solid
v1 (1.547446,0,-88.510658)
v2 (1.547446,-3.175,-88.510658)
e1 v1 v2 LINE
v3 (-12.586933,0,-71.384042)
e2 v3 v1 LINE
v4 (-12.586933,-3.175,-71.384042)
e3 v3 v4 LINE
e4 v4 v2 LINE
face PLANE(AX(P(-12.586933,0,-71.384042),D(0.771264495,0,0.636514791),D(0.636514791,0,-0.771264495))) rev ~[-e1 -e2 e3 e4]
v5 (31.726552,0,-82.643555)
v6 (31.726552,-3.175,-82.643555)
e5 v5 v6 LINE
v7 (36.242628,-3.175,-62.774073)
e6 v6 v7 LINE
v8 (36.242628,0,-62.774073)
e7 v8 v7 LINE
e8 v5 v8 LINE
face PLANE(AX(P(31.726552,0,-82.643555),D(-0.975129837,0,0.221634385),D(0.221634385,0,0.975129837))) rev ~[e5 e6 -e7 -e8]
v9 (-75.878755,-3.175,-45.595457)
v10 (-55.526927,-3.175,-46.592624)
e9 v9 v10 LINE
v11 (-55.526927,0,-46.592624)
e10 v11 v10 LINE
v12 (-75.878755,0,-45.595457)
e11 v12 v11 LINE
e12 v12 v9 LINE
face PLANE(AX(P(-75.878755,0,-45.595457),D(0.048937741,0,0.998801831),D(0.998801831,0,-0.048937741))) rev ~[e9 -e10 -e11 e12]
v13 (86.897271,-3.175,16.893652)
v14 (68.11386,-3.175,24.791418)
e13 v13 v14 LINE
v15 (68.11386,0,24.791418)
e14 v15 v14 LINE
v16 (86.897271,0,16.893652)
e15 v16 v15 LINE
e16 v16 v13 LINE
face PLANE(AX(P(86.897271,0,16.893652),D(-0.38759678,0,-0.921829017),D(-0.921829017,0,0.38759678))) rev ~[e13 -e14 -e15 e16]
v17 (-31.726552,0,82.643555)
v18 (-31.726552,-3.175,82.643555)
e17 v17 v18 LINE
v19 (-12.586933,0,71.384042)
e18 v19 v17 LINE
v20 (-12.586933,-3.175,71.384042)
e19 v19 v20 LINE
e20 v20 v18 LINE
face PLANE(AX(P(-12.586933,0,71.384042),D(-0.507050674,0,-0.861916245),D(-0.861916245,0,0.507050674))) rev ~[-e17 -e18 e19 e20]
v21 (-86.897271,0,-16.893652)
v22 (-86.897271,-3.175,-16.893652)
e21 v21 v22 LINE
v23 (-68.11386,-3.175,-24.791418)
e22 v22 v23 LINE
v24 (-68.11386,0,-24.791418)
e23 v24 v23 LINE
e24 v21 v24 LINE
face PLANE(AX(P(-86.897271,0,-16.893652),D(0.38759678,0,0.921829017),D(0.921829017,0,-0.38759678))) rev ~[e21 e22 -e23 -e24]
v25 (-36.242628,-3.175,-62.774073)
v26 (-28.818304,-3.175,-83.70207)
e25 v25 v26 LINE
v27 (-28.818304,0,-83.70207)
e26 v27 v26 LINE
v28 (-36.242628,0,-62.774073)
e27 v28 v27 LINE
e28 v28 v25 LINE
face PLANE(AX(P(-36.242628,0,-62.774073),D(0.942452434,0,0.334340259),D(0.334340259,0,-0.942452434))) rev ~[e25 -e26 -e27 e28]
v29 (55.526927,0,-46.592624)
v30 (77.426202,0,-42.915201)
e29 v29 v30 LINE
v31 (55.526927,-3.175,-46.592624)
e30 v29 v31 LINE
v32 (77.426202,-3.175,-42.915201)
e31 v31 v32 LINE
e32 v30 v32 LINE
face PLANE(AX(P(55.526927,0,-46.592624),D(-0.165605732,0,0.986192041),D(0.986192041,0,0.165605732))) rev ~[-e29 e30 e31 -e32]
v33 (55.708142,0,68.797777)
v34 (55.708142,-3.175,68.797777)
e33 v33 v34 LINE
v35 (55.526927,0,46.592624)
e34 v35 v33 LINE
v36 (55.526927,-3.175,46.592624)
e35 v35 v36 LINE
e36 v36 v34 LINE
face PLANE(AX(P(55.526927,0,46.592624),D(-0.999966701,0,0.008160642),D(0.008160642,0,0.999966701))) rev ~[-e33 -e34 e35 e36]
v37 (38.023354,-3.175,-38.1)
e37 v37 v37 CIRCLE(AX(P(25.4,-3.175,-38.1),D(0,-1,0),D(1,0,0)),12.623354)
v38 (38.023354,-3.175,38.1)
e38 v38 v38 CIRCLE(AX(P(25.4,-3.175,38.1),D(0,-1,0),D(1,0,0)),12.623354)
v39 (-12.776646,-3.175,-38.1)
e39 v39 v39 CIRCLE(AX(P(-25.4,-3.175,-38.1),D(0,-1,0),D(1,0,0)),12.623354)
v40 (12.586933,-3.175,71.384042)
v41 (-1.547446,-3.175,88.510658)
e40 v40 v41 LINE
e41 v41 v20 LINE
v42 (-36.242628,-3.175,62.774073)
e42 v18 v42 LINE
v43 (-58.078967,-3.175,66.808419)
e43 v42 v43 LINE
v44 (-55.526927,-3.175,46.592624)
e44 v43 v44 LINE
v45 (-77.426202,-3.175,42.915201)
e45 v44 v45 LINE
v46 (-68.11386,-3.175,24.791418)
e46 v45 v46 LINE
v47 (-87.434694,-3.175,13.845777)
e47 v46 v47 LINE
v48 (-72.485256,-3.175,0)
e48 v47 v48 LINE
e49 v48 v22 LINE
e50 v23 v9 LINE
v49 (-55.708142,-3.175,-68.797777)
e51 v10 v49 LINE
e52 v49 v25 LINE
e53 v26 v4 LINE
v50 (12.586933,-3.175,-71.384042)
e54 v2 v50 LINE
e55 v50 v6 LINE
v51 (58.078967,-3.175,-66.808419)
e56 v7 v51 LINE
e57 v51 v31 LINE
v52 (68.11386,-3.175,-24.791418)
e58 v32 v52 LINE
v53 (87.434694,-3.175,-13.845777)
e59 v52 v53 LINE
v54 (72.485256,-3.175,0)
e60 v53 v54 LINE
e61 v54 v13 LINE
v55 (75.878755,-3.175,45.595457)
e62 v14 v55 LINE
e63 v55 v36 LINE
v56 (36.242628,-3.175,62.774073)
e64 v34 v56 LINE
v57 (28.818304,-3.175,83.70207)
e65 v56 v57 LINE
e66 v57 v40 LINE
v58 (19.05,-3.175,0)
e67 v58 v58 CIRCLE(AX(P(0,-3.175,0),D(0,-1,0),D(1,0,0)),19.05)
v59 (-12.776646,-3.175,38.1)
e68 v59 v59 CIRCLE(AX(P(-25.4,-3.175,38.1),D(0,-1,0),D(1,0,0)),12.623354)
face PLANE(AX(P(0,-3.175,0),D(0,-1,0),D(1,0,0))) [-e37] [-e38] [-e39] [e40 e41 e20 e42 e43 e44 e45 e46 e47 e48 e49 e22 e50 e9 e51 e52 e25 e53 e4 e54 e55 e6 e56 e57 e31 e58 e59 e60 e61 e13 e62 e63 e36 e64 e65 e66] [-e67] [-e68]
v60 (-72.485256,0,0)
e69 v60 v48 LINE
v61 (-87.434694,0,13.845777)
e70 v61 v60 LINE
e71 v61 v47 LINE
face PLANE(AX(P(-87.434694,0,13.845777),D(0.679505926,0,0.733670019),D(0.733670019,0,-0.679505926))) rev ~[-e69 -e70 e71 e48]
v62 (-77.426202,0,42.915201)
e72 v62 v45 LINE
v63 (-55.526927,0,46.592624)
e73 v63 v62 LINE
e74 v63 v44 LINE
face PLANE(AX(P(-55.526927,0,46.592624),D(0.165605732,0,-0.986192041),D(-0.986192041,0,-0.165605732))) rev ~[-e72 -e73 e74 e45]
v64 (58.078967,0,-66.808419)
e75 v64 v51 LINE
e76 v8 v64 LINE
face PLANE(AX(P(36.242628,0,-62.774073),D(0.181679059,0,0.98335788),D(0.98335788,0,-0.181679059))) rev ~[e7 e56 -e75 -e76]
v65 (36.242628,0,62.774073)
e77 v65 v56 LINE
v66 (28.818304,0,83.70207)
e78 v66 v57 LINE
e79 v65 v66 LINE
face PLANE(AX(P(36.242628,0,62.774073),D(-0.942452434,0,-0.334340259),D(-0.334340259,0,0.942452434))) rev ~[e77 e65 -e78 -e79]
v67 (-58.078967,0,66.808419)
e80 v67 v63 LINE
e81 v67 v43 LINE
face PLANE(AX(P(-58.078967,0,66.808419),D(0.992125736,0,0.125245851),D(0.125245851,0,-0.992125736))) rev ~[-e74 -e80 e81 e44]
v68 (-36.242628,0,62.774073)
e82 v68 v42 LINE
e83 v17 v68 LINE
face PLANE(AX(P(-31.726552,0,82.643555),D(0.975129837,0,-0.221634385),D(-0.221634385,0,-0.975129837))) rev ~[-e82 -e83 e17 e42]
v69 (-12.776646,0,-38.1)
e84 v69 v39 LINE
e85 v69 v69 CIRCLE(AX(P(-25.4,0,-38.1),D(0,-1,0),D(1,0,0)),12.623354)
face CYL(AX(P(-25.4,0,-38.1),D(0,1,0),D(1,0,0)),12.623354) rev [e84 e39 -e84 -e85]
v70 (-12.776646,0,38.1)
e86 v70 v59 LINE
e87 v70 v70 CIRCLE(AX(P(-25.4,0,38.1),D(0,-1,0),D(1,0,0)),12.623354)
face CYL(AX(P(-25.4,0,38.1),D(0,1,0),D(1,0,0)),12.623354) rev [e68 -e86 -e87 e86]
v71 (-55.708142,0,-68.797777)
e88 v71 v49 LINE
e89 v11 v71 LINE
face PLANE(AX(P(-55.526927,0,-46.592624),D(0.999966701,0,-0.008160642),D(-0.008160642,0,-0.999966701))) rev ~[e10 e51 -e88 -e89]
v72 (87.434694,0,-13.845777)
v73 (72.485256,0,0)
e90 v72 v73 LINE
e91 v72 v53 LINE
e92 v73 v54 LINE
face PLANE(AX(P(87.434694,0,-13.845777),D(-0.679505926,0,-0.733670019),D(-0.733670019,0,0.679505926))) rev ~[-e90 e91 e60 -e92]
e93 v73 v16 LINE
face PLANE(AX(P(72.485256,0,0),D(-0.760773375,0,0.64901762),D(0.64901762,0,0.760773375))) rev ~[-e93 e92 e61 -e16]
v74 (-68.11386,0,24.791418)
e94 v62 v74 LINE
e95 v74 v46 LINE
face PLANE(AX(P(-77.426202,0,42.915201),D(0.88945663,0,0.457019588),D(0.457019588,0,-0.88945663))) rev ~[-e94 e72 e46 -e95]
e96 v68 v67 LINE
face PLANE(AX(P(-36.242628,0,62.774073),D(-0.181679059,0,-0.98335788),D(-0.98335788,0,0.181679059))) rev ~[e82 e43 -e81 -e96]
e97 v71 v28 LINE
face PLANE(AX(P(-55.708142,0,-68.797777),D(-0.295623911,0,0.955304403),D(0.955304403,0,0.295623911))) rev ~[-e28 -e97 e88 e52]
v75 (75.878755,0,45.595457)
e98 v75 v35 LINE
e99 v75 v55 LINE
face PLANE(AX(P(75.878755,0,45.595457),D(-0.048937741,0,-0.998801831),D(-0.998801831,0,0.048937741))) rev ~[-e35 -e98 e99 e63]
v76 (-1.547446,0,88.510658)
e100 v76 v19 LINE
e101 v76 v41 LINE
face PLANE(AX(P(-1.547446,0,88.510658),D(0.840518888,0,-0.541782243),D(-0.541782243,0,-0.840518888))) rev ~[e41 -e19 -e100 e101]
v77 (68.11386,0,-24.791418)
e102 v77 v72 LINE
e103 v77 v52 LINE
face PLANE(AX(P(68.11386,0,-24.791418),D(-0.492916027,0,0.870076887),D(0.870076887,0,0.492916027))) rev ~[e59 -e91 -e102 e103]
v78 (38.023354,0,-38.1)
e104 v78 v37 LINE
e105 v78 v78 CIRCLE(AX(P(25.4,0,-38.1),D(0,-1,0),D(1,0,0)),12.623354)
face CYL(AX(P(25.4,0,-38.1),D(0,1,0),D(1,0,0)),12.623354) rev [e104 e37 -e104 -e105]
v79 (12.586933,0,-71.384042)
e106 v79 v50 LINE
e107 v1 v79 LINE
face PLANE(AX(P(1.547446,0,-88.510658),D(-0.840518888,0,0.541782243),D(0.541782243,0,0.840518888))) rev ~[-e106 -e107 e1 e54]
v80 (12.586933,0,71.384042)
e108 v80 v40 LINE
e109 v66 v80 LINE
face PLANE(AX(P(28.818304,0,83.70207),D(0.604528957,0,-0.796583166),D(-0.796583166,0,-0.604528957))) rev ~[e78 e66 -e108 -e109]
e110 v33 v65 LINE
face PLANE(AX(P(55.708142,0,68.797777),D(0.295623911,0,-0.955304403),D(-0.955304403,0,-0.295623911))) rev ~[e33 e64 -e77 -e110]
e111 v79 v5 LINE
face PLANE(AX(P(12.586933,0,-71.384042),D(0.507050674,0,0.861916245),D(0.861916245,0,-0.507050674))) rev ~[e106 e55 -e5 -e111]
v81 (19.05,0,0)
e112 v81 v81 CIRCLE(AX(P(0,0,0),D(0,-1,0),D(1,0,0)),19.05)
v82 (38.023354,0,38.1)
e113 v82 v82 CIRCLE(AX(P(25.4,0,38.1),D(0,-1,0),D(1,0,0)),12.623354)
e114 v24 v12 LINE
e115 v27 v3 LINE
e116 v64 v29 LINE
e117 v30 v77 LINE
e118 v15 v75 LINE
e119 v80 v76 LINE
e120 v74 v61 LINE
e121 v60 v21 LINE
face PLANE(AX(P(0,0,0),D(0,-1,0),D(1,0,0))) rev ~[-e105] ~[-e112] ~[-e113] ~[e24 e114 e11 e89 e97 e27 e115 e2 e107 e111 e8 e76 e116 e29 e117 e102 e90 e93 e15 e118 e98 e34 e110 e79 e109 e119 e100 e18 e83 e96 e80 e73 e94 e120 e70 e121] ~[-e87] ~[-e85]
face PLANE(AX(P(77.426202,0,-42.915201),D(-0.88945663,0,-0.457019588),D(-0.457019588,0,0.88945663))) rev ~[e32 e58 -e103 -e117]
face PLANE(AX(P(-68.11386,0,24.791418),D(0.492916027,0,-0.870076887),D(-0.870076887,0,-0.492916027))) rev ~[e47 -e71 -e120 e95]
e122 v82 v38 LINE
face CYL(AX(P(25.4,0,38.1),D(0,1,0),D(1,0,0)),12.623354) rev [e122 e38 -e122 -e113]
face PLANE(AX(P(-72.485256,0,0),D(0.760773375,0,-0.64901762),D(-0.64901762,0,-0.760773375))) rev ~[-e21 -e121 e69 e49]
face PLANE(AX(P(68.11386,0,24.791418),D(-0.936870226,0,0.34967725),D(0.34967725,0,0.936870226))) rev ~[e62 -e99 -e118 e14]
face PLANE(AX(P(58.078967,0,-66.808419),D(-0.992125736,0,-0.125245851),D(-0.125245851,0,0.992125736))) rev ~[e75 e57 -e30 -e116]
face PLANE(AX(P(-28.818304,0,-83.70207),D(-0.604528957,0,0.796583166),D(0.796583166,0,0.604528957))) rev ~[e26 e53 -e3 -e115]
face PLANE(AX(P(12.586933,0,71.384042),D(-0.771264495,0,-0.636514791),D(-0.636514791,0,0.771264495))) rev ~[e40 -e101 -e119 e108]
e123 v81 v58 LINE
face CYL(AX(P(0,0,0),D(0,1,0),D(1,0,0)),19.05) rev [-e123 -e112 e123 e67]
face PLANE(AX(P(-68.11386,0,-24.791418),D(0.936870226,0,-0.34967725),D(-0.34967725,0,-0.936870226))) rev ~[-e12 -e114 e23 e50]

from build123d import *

# Parameters (mm, degrees)
F0_R     = 12.6233535656
F0_R_2   = 19.05
F1_DEPTH = 3.175


with BuildPart() as f1:
    # F0 (on Front) → F1 (new body)
    with BuildSketch(Plane.XZ):
        with BuildLine():
            ThreePointArc((68.11386007, -24.7914176064), (71.3840419736, -12.586932592), (72.485255884, 0))
            ThreePointArc((72.485255884, 0), (71.3840419736, 12.586932592), (68.11386007, 24.7914176064))
            ThreePointArc((68.11386007, 24.7914176064), (62.7740729954, 36.242627942), (55.526927478, 46.5926243672))
            ThreePointArc((55.526927478, 46.5926243672), (46.5926243672, 55.526927478), (36.242627942, 62.7740729954))
            ThreePointArc((36.242627942, 62.7740729954), (24.7914176064, 68.11386007), (12.586932592, 71.3840419736))
            ThreePointArc((12.586932592, 71.3840419736), (0, 72.485255884), (-12.586932592, 71.3840419736))
            ThreePointArc((-12.586932592, 71.3840419736), (-24.7914176064, 68.11386007), (-36.242627942, 62.7740729954))
            ThreePointArc((-36.242627942, 62.7740729954), (-46.5926243672, 55.526927478), (-55.526927478, 46.5926243672))
            ThreePointArc((-55.526927478, 46.5926243672), (-62.7740729954, 36.242627942), (-68.11386007, 24.7914176064))
            ThreePointArc((-68.11386007, 24.7914176064), (-71.3840419736, 12.586932592), (-72.485255884, 0))
            ThreePointArc((-72.485255884, 0), (-71.3840419736, -12.586932592), (-68.11386007, -24.7914176064))
            ThreePointArc((-68.11386007, -24.7914176064), (-62.7740729954, -36.242627942), (-55.526927478, -46.5926243672))
            ThreePointArc((-55.526927478, -46.5926243672), (-46.5926243672, -55.526927478), (-36.242627942, -62.7740729954))
            ThreePointArc((-36.242627942, -62.7740729954), (-24.7914176064, -68.11386007), (-12.586932592, -71.3840419736))
            ThreePointArc((-12.586932592, -71.3840419736), (0, -72.485255884), (12.586932592, -71.3840419736))
            ThreePointArc((12.586932592, -71.3840419736), (24.7914176064, -68.11386007), (36.242627942, -62.7740729954))
            ThreePointArc((36.242627942, -62.7740729954), (46.5926243672, -55.526927478), (55.526927478, -46.5926243672))
            ThreePointArc((55.526927478, -46.5926243672), (62.7740729954, -36.242627942), (68.11386007, -24.7914176064))
        make_face()
        with Locations((-25.4, -38.1)):
            Circle(F0_R, mode=Mode.SUBTRACT)
        with Locations((25.4, -38.1)):
            Circle(F0_R, mode=Mode.SUBTRACT)
        with Locations((-25.4, 38.1)):
            Circle(F0_R, mode=Mode.SUBTRACT)
        Circle(F0_R_2, mode=Mode.SUBTRACT)
        with Locations((25.4, 38.1)):
            Circle(F0_R, mode=Mode.SUBTRACT)
        with BuildLine():
            Line((87.4346938634, -13.8457773117), (72.485255884, 0))
            ThreePointArc((72.485255884, 0), (71.3840419736, -12.586932592), (68.11386007, -24.7914176064))
            Line((68.11386007, -24.7914176064), (87.4346938634, -13.8457773117))
        make_face()
        with BuildLine():
            ThreePointArc((68.11386007, 24.7914176064), (71.3840419736, 12.586932592), (72.485255884, 0))
            Line((72.485255884, 0), (86.8972713647, 16.893651758))
            Line((86.8972713647, 16.893651758), (68.11386007, 24.7914176064))
        make_face()
        with BuildLine():
            ThreePointArc((55.526927478, 46.5926243672), (62.7740729954, 36.242627942), (68.11386007, 24.7914176064))
            Line((68.11386007, 24.7914176064), (75.8787554723, 45.5954571019))
            Line((75.8787554723, 45.5954571019), (55.526927478, 46.5926243672))
        make_face()
        with BuildLine():
            Line((77.4262018835, -42.9152012956), (68.11386007, -24.7914176064))
            ThreePointArc((68.11386007, -24.7914176064), (62.7740729954, -36.242627942), (55.526927478, -46.5926243672))
            Line((55.526927478, -46.5926243672), (77.4262018835, -42.9152012956))
        make_face()
        with BuildLine():
            ThreePointArc((36.242627942, 62.7740729954), (46.5926243672, 55.526927478), (55.526927478, 46.5926243672))
            Line((55.526927478, 46.5926243672), (55.7081418188, 68.797777402))
            Line((55.7081418188, 68.797777402), (36.242627942, 62.7740729954))
        make_face()
        with BuildLine():
            Line((58.0789672675, -66.8084186424), (55.526927478, -46.5926243672))
            ThreePointArc((55.526927478, -46.5926243672), (46.5926243672, -55.526927478), (36.242627942, -62.7740729954))
            Line((36.242627942, -62.7740729954), (58.0789672675, -66.8084186424))
        make_face()
        with BuildLine():
            ThreePointArc((12.586932592, 71.3840419736), (24.7914176064, 68.11386007), (36.242627942, 62.7740729954))
            Line((36.242627942, 62.7740729954), (28.8183040973, 83.7020704004))
            Line((28.8183040973, 83.7020704004), (12.586932592, 71.3840419736))
        make_face()
        with BuildLine():
            Line((31.7265520446, -82.6435547137), (36.242627942, -62.7740729954))
            ThreePointArc((36.242627942, -62.7740729954), (24.7914176064, -68.11386007), (12.586932592, -71.3840419736))
            Line((12.586932592, -71.3840419736), (31.7265520446, -82.6435547137))
        make_face()
        with BuildLine():
            ThreePointArc((-12.586932592, 71.3840419736), (0, 72.485255884), (12.586932592, 71.3840419736))
            Line((12.586932592, 71.3840419736), (-1.5474464112, 88.5106583975))
            Line((-1.5474464112, 88.5106583975), (-12.586932592, 71.3840419736))
        make_face()
        with BuildLine():
            Line((1.5474464112, -88.5106583975), (12.586932592, -71.3840419736))
            ThreePointArc((12.586932592, -71.3840419736), (0, -72.485255884), (-12.586932592, -71.3840419736))
            Line((-12.586932592, -71.3840419736), (1.5474464112, -88.5106583975))
        make_face()
        with BuildLine():
            ThreePointArc((-36.242627942, 62.7740729954), (-24.7914176064, 68.11386007), (-12.586932592, 71.3840419736))
            Line((-12.586932592, 71.3840419736), (-31.7265520446, 82.6435547137))
            Line((-31.7265520446, 82.6435547137), (-36.242627942, 62.7740729954))
        make_face()
        with BuildLine():
            Line((-28.8183040973, -83.7020704004), (-12.586932592, -71.3840419736))
            ThreePointArc((-12.586932592, -71.3840419736), (-24.7914176064, -68.11386007), (-36.242627942, -62.7740729954))
            Line((-36.242627942, -62.7740729954), (-28.8183040973, -83.7020704004))
        make_face()
        with BuildLine():
            ThreePointArc((-55.526927478, 46.5926243672), (-46.5926243672, 55.526927478), (-36.242627942, 62.7740729954))
            Line((-36.242627942, 62.7740729954), (-58.0789672675, 66.8084186424))
            Line((-58.0789672675, 66.8084186424), (-55.526927478, 46.5926243672))
        make_face()
        with BuildLine():
            Line((-55.7081418188, -68.797777402), (-36.242627942, -62.7740729954))
            ThreePointArc((-36.242627942, -62.7740729954), (-46.5926243672, -55.526927478), (-55.526927478, -46.5926243672))
            Line((-55.526927478, -46.5926243672), (-55.7081418188, -68.797777402))
        make_face()
        with BuildLine():
            ThreePointArc((-68.11386007, 24.7914176064), (-62.7740729954, 36.242627942), (-55.526927478, 46.5926243672))
            Line((-55.526927478, 46.5926243672), (-77.4262018835, 42.9152012956))
            Line((-77.4262018835, 42.9152012956), (-68.11386007, 24.7914176064))
        make_face()
        with BuildLine():
            Line((-75.8787554723, -45.5954571019), (-55.526927478, -46.5926243672))
            ThreePointArc((-55.526927478, -46.5926243672), (-62.7740729954, -36.242627942), (-68.11386007, -24.7914176064))
            Line((-68.11386007, -24.7914176064), (-75.8787554723, -45.5954571019))
        make_face()
        with BuildLine():
            ThreePointArc((-72.485255884, 0), (-71.3840419736, 12.586932592), (-68.11386007, 24.7914176064))
            Line((-68.11386007, 24.7914176064), (-87.4346938634, 13.8457773117))
            Line((-87.4346938634, 13.8457773117), (-72.485255884, 0))
        make_face()
        with BuildLine():
            Line((-86.8972713647, -16.893651758), (-68.11386007, -24.7914176064))
            ThreePointArc((-68.11386007, -24.7914176064), (-71.3840419736, -12.586932592), (-72.485255884, 0))
            Line((-72.485255884, 0), (-86.8972713647, -16.893651758))
        make_face()
    extrude(amount=F1_DEPTH)


solid = f1.part
